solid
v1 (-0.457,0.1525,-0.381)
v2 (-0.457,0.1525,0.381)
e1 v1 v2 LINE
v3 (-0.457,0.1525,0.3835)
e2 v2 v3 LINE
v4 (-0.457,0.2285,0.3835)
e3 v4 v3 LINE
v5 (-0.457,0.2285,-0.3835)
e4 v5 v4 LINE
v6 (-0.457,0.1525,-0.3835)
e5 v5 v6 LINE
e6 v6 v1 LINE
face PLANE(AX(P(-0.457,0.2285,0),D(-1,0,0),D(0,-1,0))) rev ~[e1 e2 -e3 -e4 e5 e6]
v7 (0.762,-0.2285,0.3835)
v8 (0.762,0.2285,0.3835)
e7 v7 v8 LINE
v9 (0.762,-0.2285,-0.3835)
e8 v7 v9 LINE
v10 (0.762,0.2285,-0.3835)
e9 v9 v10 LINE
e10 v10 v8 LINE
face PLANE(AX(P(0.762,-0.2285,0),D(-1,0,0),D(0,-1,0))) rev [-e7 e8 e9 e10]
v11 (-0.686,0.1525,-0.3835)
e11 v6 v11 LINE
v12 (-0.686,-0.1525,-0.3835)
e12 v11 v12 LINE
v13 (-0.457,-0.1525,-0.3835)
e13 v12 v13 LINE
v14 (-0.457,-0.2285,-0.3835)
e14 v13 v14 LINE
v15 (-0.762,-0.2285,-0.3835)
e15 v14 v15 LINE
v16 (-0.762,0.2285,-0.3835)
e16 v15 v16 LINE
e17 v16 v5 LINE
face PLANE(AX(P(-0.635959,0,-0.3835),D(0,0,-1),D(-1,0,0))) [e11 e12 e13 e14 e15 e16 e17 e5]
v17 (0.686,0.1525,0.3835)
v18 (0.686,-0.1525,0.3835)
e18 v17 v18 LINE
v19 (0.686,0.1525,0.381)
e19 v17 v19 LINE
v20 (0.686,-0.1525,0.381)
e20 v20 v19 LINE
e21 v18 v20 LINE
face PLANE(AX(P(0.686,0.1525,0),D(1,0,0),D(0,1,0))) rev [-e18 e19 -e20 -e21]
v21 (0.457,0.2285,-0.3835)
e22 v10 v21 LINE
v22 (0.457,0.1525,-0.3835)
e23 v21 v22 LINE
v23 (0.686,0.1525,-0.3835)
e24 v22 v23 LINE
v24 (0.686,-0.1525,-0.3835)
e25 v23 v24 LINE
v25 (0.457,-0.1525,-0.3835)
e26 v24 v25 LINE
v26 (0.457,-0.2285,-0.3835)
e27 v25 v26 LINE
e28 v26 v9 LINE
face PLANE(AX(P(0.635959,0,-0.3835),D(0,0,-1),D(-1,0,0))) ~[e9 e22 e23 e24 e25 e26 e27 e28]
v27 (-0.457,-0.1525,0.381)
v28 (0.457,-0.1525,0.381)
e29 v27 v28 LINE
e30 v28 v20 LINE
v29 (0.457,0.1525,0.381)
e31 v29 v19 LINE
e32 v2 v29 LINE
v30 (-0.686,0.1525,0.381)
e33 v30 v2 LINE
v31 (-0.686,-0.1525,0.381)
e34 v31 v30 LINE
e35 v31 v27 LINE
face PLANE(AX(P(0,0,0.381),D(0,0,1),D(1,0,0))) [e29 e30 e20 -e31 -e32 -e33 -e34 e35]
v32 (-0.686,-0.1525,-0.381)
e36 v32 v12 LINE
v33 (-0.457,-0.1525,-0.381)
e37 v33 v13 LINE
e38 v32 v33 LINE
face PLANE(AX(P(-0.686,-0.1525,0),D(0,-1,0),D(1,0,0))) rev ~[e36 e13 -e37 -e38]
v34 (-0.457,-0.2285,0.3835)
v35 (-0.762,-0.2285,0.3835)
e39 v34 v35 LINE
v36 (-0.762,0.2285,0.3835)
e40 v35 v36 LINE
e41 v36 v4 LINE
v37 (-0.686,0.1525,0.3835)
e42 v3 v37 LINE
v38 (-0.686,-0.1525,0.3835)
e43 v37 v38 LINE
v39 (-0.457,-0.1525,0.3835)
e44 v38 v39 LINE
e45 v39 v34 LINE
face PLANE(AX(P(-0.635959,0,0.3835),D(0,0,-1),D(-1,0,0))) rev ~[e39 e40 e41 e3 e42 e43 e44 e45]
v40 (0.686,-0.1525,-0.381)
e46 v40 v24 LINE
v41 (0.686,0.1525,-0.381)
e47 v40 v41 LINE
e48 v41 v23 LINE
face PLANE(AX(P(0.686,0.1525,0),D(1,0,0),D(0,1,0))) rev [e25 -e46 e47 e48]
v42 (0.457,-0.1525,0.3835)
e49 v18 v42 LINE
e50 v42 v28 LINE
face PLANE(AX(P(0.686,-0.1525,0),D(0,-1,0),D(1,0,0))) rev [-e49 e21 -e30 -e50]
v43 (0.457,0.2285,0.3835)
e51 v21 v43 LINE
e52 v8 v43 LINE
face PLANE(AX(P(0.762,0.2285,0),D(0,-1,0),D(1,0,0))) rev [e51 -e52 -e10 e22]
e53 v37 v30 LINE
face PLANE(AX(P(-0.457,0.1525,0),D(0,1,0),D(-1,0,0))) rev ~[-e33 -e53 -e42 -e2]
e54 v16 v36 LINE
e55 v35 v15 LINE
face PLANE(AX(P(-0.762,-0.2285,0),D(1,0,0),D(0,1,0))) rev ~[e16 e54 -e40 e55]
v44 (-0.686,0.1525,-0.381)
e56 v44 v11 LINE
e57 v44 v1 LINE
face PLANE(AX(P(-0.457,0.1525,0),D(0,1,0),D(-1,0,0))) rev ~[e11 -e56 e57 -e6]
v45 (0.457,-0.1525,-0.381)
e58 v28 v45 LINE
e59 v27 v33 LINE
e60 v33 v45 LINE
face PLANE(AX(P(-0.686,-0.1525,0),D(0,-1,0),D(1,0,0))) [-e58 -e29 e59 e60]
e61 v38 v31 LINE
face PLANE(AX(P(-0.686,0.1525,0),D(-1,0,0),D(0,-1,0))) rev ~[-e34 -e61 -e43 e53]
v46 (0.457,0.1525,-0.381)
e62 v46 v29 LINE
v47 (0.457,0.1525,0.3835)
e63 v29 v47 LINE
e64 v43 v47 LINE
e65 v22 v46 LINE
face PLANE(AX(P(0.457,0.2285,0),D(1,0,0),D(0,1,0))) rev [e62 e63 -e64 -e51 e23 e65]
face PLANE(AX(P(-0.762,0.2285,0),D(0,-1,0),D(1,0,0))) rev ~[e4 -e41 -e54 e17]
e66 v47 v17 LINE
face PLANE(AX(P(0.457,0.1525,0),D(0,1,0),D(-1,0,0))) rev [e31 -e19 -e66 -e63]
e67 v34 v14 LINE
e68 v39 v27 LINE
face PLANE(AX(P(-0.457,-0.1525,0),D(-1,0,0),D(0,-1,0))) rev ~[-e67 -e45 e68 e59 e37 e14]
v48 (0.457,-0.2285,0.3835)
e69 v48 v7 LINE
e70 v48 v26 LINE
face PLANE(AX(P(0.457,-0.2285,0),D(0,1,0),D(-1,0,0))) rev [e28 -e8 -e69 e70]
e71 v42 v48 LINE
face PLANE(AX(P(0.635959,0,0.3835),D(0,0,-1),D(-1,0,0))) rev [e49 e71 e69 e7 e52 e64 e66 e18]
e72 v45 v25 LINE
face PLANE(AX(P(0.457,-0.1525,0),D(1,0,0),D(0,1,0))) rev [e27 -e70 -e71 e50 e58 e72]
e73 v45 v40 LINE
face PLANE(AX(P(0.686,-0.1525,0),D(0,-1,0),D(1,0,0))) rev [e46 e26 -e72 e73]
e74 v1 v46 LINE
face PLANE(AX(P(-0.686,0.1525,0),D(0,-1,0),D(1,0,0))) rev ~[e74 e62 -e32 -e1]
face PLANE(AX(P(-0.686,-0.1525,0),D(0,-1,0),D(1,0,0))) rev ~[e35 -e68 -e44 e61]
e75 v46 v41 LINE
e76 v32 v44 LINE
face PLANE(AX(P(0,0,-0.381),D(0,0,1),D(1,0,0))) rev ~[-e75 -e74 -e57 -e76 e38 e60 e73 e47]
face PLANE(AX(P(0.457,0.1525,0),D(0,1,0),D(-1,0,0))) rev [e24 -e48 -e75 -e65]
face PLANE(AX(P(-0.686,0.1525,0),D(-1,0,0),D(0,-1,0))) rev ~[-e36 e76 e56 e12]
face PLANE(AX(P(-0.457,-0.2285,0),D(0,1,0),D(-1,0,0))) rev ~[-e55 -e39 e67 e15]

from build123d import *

# Parameters (mm, degrees)
ESBO_O1_W                = 1.372
ESBO_O1_H                = 0.305
RESSALTO_EXTRUS_O1_DEPTH = 0.381
RESSALTO_EXTRUS_O2_DEPTH = 0.3835


with BuildPart() as part:
    # Esboço1 → Ressalto-extrusão1 (new body, symmetric)
    with BuildSketch(Plane.XY):
        Rectangle(ESBO_O1_W, ESBO_O1_H)
    extrude(amount=RESSALTO_EXTRUS_O1_DEPTH, both=True)

    # Esboço2 → Ressalto-extrusão2 (add, symmetric)
    with BuildSketch(Plane.XY):
        Polygon((-0.457, 0.1525), (-0.686, 0.1525), (-0.686, -0.1525), (-0.457, -0.1525), (-0.457, -0.2285), (-0.762, -0.2285), (-0.762, 0.2285), (-0.457, 0.2285), align=None)
    ressalto_extrus_o2 = extrude(amount=RESSALTO_EXTRUS_O2_DEPTH, both=True)

    # Espelhar1: Ressalto-extrusão2 across plane
    add(ressalto_extrus_o2.mirror(Plane(origin=(0, 0, 0), x_dir=(0, 0, 1), z_dir=(1, 0, 0))))


solid = part.part
